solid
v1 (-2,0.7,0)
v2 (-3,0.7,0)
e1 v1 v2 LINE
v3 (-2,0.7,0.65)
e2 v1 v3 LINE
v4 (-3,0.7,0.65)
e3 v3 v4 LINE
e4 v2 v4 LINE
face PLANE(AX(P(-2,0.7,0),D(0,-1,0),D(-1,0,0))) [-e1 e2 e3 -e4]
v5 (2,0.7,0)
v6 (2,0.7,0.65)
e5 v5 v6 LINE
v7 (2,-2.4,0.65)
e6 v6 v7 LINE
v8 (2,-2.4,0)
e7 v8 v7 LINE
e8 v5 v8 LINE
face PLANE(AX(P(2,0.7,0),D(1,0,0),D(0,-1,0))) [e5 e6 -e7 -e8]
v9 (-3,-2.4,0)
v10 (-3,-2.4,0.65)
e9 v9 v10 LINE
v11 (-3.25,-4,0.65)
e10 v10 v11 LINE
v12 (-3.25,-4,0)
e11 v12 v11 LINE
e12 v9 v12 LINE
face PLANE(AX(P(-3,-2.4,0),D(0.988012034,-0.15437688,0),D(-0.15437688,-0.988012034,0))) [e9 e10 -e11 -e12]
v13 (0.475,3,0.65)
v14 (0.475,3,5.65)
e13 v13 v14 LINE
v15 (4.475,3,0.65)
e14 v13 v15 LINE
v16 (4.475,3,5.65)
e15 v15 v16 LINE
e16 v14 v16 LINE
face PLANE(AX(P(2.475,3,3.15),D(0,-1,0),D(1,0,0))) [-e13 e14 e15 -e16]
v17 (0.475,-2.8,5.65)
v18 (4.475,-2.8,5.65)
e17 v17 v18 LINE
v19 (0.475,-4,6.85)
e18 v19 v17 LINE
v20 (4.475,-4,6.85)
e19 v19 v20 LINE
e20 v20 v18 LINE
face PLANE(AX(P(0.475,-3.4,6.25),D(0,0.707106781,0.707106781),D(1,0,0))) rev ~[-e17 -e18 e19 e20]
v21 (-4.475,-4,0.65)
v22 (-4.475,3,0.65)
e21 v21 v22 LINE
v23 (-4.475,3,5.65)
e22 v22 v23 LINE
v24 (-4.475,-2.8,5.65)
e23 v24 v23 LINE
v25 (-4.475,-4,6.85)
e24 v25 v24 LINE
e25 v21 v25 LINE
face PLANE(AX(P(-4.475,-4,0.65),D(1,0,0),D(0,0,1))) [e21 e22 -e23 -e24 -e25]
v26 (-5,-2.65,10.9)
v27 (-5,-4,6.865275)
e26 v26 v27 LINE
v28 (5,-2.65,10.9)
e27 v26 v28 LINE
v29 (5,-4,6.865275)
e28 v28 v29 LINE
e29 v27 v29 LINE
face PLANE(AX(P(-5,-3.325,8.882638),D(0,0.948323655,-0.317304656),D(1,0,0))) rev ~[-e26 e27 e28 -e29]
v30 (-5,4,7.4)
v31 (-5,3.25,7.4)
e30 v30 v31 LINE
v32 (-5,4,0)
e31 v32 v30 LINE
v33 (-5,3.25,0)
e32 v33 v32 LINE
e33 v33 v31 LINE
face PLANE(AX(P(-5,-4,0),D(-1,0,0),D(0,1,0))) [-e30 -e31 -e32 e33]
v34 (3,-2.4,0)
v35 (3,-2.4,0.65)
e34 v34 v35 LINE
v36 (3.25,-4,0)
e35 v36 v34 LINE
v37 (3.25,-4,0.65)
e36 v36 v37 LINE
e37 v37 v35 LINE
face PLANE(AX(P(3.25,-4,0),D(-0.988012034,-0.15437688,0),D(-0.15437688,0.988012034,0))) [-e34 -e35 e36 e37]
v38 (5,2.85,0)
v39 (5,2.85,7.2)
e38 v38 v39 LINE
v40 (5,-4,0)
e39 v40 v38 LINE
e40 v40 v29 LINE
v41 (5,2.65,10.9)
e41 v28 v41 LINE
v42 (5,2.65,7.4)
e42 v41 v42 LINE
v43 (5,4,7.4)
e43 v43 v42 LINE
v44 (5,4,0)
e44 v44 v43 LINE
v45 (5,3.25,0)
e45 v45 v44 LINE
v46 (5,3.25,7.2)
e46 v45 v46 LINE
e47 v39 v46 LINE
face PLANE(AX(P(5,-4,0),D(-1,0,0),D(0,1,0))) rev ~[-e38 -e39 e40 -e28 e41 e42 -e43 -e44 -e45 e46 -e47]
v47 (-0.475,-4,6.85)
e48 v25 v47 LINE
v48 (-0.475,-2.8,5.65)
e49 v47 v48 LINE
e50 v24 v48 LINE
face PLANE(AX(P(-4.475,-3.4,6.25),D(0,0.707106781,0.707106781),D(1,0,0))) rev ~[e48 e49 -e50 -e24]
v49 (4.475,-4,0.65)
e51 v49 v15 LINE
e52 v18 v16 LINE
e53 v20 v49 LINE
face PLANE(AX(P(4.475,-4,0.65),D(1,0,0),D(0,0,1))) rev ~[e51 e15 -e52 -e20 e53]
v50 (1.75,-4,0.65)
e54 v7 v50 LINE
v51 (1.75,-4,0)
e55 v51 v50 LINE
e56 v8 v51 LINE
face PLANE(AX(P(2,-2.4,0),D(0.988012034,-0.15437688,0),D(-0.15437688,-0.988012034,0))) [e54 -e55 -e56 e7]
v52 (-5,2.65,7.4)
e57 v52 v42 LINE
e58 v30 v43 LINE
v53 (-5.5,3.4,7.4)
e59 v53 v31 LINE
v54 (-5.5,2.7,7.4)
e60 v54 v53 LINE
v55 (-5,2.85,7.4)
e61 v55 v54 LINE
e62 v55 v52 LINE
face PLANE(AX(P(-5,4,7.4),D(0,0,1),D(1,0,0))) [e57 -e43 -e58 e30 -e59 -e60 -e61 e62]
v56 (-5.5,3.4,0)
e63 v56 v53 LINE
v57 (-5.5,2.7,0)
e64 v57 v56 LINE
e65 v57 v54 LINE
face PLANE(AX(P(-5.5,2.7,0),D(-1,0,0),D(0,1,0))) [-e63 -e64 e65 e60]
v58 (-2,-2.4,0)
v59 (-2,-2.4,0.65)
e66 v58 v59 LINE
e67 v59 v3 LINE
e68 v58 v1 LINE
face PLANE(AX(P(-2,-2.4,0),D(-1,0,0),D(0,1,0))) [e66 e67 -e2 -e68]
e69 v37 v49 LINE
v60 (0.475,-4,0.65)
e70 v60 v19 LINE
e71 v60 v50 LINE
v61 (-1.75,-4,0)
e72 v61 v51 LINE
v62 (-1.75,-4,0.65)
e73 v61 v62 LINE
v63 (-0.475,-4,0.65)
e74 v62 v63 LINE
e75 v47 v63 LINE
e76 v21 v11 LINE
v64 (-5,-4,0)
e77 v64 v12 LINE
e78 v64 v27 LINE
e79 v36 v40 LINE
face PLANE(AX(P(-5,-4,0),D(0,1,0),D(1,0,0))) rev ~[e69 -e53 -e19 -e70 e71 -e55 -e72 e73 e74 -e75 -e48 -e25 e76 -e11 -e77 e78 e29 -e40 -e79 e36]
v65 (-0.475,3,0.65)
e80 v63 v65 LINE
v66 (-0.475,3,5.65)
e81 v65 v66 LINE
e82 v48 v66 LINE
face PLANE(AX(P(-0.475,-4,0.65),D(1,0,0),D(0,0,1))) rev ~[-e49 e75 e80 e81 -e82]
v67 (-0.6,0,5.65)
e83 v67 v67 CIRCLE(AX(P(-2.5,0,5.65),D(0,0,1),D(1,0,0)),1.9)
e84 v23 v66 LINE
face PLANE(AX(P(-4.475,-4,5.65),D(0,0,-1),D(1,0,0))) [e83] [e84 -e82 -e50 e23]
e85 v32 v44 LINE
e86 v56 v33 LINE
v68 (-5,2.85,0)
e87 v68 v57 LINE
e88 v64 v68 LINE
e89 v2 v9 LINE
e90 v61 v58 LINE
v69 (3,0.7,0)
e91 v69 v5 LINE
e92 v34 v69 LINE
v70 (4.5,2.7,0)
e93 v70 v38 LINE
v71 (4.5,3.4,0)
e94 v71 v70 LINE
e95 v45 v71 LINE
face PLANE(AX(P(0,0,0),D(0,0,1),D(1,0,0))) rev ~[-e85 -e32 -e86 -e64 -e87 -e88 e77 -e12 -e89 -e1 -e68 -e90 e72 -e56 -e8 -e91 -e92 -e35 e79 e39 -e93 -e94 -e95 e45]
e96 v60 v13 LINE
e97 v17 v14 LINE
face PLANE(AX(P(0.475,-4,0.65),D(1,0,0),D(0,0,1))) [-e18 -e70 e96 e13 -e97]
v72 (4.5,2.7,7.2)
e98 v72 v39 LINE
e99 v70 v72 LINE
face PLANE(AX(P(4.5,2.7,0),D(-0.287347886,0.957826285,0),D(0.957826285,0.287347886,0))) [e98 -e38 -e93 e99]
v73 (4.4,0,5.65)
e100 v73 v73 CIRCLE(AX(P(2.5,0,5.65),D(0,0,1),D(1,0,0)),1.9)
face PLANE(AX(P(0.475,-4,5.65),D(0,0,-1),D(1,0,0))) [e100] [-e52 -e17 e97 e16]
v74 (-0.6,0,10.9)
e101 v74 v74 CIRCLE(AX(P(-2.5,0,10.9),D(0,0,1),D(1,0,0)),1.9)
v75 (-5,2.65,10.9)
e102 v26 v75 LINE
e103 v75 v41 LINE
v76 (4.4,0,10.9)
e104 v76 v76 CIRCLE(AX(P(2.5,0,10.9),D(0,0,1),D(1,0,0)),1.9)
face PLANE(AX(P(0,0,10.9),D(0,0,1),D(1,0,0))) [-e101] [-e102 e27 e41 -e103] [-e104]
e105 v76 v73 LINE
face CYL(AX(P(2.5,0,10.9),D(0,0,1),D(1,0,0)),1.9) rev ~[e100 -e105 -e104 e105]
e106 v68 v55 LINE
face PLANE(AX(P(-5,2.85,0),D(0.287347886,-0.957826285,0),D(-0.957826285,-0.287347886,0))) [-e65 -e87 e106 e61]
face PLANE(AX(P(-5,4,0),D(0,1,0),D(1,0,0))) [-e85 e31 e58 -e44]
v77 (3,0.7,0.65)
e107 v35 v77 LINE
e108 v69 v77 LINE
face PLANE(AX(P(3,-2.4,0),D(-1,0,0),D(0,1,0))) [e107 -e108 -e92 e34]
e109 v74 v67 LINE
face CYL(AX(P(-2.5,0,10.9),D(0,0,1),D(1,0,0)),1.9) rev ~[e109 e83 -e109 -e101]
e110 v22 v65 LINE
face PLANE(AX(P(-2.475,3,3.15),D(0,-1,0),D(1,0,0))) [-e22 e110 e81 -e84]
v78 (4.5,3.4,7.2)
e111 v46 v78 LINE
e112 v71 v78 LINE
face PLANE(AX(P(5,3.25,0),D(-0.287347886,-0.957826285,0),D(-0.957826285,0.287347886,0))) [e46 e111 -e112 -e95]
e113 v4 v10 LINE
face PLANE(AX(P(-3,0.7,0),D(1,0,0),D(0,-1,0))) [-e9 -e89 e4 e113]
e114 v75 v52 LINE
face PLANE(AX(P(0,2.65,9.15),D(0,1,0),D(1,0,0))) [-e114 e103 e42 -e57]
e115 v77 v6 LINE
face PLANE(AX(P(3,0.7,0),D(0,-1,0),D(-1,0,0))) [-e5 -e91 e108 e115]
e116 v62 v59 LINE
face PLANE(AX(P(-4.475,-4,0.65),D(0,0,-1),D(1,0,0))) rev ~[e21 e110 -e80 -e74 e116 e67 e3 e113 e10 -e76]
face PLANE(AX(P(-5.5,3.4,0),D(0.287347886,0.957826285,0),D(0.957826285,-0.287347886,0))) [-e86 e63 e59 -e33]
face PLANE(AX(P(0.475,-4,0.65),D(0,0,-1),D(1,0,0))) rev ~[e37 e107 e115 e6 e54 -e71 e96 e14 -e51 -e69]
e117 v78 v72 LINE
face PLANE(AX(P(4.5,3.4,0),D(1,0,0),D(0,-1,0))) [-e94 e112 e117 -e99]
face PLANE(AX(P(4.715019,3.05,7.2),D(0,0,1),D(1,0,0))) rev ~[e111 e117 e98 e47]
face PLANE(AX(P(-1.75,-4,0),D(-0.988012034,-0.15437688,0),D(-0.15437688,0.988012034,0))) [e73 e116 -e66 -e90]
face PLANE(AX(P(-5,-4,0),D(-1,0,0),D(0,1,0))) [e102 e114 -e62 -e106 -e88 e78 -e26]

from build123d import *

# Parameters (mm, degrees)
SKETCH1_W           = 10
SKETCH1_H           = 8
BOSS_EXTRUDE1_DEPTH = 10.9
CHAMFER1_SIZE       = 1.35
CHAMFER1_SIZE2      = 4.0347247
SKETCH2_W           = 10
SKETCH2_H           = 3.5
CUT_EXTRUDE1_DEPTH  = 1.35
SKETCH3_W           = 4
SKETCH3_H           = 5
CUT_EXTRUDE2_DEPTH  = 7
CHAMFER2_SIZE       = 1.2
CUT_EXTRUDE3_DEPTH  = 0.65
SKETCH5_R           = 1.9
CUT_EXTRUDE4_DEPTH  = 5.25
BOSS_EXTRUDE3_DEPTH = 7.4
CUT_EXTRUDE5_DEPTH  = 7.2


with BuildPart() as part:
    # Sketch1 → Boss-Extrude1 (new body)
    with BuildSketch(Plane.XY):
        Rectangle(SKETCH1_W, SKETCH1_H)
    extrude(amount=BOSS_EXTRUDE1_DEPTH)

    # Chamfer1
    chamfer1_edges = [part.edges().sort_by_distance(p)[0] for p in [
        (0, -4, 10.9),
    ]]
    chamfer1_side = [part.faces().sort_by_distance(p)[0] for p in [
        (0, 0, 10.9),
    ]]
    chamfer(chamfer1_edges, length=CHAMFER1_SIZE, length2=CHAMFER1_SIZE2, reference=chamfer1_side[0])

    # Sketch2 → Cut-Extrude1 (cut)
    with BuildSketch(Plane(origin=(0, 4, 0), x_dir=(1, 0, 0), z_dir=(0, 1, 0))):
        with Locations((0, -9.15)):
            Rectangle(SKETCH2_W, SKETCH2_H)
    extrude(amount=-CUT_EXTRUDE1_DEPTH, mode=Mode.SUBTRACT)

    # Sketch3 → Cut-Extrude2 (cut)
    with BuildSketch(Plane.XZ.offset(4)):
        with Locations((-2.475, 3.15)):
            Rectangle(SKETCH3_W, SKETCH3_H)
        with Locations((2.475, 3.15)):
            Rectangle(SKETCH3_W, SKETCH3_H)
    extrude(amount=-CUT_EXTRUDE2_DEPTH, mode=Mode.SUBTRACT)

    # Chamfer2
    chamfer2_edges = [part.edges().sort_by_distance(p)[0] for p in [
        (-2.475, -4, 5.65),
        (2.475, -4, 5.65),
    ]]
    chamfer(chamfer2_edges, length=CHAMFER2_SIZE)

    # Sketch4 → Cut-Extrude3 (cut)
    with BuildSketch(Plane(origin=(0, 0, 0), x_dir=(-1, 0, 0), z_dir=(0, 0, -1))):
        Polygon((2, 0.7), (3, 0.7), (3, -2.4), (3.25, -4), (1.75, -4), (2, -2.4), align=None)
        Polygon((-2, 0.7), (-2, -2.4), (-1.75, -4), (-3.25, -4), (-3, -2.4), (-3, 0.7), align=None)
    extrude(amount=-CUT_EXTRUDE3_DEPTH, mode=Mode.SUBTRACT)

    # Sketch5 → Cut-Extrude4 (cut)
    with BuildSketch(Plane.XY.offset(10.9)):
        with Locations((-2.5, 0)):
            Circle(SKETCH5_R)
        with Locations((2.5, 0)):
            Circle(SKETCH5_R)
    extrude(amount=-CUT_EXTRUDE4_DEPTH, mode=Mode.SUBTRACT)

    # Sketch6 → Boss-Extrude3 (add)
    with BuildSketch(Plane(origin=(0, 0, 0), x_dir=(-1, 0, 0), z_dir=(0, 0, -1))):
        Polygon((5, 3.25), (5, 2.85), (5.5, 2.7), (5.5, 3.4), align=None)
    extrude(amount=-BOSS_EXTRUDE3_DEPTH)

    # Sketch7 → Cut-Extrude5 (cut)
    with BuildSketch(Plane(origin=(0, 0, 0), x_dir=(-1, 0, 0), z_dir=(0, 0, -1))):
        Polygon((-5, 3.25), (-4.5, 3.4), (-4.5, 2.7), (-5, 2.85), align=None)
    extrude(amount=-CUT_EXTRUDE5_DEPTH, mode=Mode.SUBTRACT)


solid = part.part
